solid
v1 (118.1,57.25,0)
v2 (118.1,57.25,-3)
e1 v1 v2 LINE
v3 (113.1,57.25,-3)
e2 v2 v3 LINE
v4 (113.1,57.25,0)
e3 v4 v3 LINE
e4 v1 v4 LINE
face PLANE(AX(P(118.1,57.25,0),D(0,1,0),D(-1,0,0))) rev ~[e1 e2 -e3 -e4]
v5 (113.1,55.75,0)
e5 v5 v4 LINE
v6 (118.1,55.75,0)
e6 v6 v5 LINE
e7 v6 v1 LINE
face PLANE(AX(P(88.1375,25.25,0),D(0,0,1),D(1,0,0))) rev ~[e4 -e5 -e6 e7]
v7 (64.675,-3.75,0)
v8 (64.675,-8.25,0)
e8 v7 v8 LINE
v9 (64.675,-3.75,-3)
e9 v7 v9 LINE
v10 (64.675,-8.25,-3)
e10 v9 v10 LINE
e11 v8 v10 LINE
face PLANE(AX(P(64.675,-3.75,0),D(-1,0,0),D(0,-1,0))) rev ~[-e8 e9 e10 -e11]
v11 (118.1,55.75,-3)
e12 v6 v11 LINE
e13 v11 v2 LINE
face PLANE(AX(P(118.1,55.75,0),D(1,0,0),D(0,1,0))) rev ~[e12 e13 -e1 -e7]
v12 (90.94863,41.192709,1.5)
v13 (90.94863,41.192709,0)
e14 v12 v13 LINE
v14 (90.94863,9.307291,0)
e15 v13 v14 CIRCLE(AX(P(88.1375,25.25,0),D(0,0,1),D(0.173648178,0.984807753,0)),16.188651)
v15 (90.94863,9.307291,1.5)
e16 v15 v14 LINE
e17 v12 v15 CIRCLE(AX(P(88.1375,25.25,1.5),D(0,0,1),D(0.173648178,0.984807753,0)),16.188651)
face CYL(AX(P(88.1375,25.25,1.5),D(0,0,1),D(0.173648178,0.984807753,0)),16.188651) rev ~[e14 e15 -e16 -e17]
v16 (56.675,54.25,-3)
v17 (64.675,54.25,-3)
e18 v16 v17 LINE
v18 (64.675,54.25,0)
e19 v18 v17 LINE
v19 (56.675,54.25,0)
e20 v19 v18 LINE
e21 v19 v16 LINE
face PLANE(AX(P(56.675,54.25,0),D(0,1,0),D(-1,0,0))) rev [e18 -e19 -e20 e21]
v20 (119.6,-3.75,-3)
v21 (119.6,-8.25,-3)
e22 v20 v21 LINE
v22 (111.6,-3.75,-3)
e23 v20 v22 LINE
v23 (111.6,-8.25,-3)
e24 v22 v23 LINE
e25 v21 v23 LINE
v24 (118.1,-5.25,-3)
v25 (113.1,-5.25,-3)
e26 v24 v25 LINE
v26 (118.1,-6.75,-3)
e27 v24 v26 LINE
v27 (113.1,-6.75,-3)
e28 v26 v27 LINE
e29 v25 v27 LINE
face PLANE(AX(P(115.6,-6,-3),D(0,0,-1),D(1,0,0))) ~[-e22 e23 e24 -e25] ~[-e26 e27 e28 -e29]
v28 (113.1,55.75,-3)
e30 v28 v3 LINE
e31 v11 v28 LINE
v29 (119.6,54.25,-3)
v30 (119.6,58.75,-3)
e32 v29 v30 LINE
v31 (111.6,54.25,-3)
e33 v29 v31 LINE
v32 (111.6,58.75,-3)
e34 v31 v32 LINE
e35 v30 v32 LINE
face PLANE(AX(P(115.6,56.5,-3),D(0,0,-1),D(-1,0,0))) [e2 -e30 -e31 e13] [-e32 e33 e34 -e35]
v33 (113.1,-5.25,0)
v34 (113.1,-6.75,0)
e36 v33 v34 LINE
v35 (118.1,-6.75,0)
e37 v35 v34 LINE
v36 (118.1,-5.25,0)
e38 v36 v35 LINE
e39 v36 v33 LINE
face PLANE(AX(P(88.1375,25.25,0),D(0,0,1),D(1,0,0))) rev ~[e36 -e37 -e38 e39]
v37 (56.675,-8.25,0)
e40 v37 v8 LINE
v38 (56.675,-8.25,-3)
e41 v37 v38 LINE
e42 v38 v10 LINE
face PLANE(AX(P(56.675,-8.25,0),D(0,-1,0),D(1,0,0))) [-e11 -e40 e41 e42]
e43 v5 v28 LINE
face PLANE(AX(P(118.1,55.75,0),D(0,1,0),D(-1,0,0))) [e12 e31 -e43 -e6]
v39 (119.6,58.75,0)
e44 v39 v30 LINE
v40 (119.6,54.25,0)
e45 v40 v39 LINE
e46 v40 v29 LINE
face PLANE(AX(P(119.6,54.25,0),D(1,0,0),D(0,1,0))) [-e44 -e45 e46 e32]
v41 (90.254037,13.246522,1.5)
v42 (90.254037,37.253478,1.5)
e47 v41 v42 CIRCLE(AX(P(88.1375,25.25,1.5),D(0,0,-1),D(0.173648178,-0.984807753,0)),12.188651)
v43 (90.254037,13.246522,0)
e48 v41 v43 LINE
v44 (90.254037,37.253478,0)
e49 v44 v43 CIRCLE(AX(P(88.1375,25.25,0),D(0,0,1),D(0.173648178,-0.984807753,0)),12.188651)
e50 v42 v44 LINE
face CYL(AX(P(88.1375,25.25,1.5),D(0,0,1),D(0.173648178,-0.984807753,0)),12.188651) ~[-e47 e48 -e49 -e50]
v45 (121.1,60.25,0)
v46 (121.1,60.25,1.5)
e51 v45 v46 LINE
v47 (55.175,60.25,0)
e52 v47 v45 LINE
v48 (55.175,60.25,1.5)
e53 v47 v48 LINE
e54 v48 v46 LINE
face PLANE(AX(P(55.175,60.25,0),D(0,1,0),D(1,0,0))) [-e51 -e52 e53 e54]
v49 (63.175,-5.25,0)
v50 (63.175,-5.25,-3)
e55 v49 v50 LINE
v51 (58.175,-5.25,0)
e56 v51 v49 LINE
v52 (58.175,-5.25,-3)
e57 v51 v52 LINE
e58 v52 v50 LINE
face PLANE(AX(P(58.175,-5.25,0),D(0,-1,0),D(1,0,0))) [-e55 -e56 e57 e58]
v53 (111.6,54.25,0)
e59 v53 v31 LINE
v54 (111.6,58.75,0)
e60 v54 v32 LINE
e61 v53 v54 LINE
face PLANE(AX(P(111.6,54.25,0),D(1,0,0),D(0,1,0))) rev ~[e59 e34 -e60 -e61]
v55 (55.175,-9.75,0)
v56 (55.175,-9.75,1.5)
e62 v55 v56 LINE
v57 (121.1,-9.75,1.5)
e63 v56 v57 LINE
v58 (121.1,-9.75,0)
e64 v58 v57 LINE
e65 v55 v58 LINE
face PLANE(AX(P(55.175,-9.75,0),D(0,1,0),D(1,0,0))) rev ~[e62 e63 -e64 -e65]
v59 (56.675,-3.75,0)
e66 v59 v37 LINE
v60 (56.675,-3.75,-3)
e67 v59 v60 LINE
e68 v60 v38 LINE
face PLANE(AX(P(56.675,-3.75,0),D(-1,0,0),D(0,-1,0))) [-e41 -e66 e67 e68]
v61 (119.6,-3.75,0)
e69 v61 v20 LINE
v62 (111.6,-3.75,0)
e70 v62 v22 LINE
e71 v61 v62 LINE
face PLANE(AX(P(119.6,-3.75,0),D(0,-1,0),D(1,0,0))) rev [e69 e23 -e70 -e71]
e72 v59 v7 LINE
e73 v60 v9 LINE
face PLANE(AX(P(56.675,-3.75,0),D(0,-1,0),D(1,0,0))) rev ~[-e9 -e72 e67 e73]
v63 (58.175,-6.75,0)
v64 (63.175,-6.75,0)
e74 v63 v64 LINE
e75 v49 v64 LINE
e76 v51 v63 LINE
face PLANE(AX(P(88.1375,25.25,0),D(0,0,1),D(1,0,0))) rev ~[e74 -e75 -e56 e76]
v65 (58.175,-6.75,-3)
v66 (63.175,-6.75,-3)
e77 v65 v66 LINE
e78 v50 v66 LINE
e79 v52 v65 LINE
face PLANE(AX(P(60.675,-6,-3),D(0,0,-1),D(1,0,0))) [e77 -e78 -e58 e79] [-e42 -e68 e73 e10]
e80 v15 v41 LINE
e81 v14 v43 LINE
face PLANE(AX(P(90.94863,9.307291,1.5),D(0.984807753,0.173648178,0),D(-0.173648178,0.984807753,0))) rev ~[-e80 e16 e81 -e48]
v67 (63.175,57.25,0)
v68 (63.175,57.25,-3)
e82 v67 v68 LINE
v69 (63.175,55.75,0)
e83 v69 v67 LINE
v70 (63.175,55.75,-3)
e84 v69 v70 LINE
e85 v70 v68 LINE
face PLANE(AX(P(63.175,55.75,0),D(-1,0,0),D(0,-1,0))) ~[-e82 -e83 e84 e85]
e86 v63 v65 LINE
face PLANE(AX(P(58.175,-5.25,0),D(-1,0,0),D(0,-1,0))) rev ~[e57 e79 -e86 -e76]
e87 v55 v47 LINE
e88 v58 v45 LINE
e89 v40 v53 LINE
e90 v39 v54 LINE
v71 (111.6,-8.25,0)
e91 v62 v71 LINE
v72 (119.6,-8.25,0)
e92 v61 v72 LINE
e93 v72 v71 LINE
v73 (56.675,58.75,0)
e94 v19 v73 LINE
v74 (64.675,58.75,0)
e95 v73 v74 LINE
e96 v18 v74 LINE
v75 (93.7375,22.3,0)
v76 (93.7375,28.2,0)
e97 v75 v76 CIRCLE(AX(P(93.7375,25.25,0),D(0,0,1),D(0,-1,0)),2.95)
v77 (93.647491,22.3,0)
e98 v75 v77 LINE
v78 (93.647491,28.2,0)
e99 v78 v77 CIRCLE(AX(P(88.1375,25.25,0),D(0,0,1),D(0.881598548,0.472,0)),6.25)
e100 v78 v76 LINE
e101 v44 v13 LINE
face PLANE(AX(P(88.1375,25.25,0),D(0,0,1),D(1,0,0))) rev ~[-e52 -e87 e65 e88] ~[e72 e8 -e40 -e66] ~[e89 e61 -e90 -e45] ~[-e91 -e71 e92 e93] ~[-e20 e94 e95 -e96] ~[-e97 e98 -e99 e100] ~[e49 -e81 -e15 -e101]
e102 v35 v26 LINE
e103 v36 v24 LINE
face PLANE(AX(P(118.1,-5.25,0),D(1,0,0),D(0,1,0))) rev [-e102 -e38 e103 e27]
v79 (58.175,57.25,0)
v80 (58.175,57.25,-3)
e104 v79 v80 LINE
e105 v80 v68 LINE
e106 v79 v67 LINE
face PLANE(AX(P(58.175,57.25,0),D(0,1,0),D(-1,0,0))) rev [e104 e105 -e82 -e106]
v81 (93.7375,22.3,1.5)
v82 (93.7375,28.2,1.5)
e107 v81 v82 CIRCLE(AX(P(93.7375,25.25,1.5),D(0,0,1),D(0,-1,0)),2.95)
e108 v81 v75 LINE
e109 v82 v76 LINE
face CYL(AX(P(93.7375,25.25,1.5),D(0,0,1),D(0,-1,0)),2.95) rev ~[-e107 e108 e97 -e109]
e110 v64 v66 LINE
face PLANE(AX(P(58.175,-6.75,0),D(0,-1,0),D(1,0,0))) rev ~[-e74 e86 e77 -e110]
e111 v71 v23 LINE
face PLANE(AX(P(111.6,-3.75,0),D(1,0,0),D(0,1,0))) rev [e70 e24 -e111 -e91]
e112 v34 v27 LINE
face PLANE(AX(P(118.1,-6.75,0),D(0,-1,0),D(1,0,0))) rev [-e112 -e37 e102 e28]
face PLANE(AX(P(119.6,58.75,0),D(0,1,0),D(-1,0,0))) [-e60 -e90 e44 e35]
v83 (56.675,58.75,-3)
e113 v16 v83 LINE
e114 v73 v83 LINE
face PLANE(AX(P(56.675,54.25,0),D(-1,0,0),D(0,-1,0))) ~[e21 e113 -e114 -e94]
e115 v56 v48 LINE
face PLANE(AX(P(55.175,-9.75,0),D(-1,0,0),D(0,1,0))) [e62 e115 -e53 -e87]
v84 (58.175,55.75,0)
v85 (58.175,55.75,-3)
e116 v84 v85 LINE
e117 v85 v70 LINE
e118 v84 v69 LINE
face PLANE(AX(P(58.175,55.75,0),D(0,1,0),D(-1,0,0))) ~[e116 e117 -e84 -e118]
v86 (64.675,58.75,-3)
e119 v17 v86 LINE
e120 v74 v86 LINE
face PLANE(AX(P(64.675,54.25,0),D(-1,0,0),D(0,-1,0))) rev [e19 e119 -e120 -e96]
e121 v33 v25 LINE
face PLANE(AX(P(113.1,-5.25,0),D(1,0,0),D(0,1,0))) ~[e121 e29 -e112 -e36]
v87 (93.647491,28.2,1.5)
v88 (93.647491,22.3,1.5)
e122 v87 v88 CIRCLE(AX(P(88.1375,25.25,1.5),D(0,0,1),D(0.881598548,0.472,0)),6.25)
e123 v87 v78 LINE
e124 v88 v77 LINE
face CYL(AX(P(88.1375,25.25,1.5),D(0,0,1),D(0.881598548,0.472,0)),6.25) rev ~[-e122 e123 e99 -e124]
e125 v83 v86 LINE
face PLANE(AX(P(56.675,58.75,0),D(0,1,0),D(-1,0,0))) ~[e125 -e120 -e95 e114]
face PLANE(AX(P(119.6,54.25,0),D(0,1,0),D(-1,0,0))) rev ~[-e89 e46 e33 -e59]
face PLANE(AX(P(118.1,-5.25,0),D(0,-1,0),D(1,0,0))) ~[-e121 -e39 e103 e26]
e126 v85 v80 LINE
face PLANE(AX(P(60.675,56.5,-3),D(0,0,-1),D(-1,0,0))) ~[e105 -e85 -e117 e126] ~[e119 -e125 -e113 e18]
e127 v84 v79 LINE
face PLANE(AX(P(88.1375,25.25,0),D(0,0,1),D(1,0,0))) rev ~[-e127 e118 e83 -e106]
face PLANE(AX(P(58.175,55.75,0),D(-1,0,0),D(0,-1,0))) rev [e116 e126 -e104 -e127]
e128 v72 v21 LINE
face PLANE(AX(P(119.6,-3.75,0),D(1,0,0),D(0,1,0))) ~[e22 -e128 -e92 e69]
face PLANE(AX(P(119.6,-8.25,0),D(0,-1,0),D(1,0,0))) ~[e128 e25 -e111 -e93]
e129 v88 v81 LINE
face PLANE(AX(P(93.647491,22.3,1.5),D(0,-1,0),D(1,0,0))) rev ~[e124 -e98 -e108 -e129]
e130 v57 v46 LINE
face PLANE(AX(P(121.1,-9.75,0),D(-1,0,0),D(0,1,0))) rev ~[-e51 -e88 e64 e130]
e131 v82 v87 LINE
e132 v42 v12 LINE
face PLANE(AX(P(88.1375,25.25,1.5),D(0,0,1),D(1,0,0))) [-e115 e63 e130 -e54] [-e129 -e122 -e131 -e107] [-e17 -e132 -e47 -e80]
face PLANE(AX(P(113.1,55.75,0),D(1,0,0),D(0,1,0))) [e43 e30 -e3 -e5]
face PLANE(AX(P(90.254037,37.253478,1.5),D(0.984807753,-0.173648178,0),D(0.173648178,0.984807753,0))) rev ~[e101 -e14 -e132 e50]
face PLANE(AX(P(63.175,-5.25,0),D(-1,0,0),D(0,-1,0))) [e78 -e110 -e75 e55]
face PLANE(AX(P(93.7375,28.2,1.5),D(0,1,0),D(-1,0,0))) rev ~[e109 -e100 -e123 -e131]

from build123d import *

# Parameters (mm, degrees)
SKETCH1_W                 = 65.925
SKETCH1_H                 = 70
BOSS_EXTRUDE1_DEPTH       = 1.5
CUT_EXTRUDE1_REACH        = 137.268
SKETCH4_W                 = 8
SKETCH4_H                 = 4.5
SKETCH4_W_2               = 5
SKETCH4_H_2               = 1.5
BOSS_EXTRUDE2_DEPTH       = 3
MIRROR2_COPY_1_SKETCH_W   = 8
MIRROR2_COPY_1_SKETCH_H   = 4.5
MIRROR2_COPY_1_SKETCH_W_2 = 5
MIRROR2_COPY_1_SKETCH_H_2 = 1.5
MIRROR2_COPY_1_DEPTH      = 3
CUT_EXTRUDE2_DEPTH        = 136.334853235


with BuildPart() as part:
    # Sketch1 → Boss-Extrude1 (new body)
    with BuildSketch(Plane.XY):
        with Locations((88.1375, 25.25)):
            Rectangle(SKETCH1_W, SKETCH1_H)
    extrude(amount=BOSS_EXTRUDE1_DEPTH)

    # Sketch2 → Cut-Extrude1 (cut, up to next)
    with BuildSketch(Plane.XY.offset(1.5), mode=Mode.PRIVATE) as cut_extrude1_sk1:
        with BuildLine():
            Line((93.647490926, 22.3), (93.7375, 22.3))
            ThreePointArc((93.7375, 22.3), (96.6875, 25.25), (93.7375, 28.2))
            Line((93.7375, 28.2), (93.647490926, 28.2))
            ThreePointArc((93.647490926, 28.2), (81.8875, 25.25), (93.647490926, 22.3))
        make_face()
    cut_extrude1_tool1 = extrude(cut_extrude1_sk1.sketch, amount=-CUT_EXTRUDE1_REACH, mode=Mode.PRIVATE) & part.part
    add(cut_extrude1_tool1.solids().sort_by_distance((88.730915, 25.25, 1.5))[0], mode=Mode.SUBTRACT)

    # Sketch4 → Boss-Extrude2 (add)
    with BuildSketch(Plane(origin=(0, 0, 0), x_dir=(-1, 0, 0), z_dir=(0, 0, -1))):
        with Locations((-115.6, 56.5)):
            Rectangle(SKETCH4_W, SKETCH4_H)
        with Locations((-115.6, 56.5)):
            Rectangle(SKETCH4_W_2, SKETCH4_H_2, mode=Mode.SUBTRACT)
    boss_extrude2 = extrude(amount=BOSS_EXTRUDE2_DEPTH)

    # Mirror1: Boss-Extrude2 across plane
    add(boss_extrude2.mirror(Plane(origin=(88.1375, 0, 0), x_dir=(0, 0, 1), z_dir=(1, 0, 0))))

    # Mirror2: Boss-Extrude2 across plane
    add(boss_extrude2.mirror(Plane.ZX.offset(25.25)))

    # Mirror2 copy 1 sketch → Mirror2 copy 1 (add)
    with BuildSketch(Plane(origin=(176.275, 50.5, 0), x_dir=(1, 0, 0), z_dir=(0, 0, -1))):
        with Locations((-115.6, 56.5)):
            Rectangle(MIRROR2_COPY_1_SKETCH_W, MIRROR2_COPY_1_SKETCH_H)
        with Locations((-115.6, 56.5)):
            Rectangle(MIRROR2_COPY_1_SKETCH_W_2, MIRROR2_COPY_1_SKETCH_H_2, mode=Mode.SUBTRACT)
    extrude(amount=MIRROR2_COPY_1_DEPTH)

    # Sketch5 → Cut-Extrude2 (cut, through all)
    with BuildSketch(Plane.XY.offset(1.5)):
        with BuildLine():
            Line((90.254036985, 37.253477721), (90.948629695, 41.192708733))
            ThreePointArc((90.948629695, 41.192708733), (71.948849287, 25.25), (90.948629695, 9.307291267))
            Line((90.948629695, 9.307291267), (90.254036985, 13.246522279))
            ThreePointArc((90.254036985, 13.246522279), (75.948849287, 25.25), (90.254036985, 37.253477721))
        make_face()
    extrude(amount=-CUT_EXTRUDE2_DEPTH, mode=Mode.SUBTRACT)


solid = part.part
